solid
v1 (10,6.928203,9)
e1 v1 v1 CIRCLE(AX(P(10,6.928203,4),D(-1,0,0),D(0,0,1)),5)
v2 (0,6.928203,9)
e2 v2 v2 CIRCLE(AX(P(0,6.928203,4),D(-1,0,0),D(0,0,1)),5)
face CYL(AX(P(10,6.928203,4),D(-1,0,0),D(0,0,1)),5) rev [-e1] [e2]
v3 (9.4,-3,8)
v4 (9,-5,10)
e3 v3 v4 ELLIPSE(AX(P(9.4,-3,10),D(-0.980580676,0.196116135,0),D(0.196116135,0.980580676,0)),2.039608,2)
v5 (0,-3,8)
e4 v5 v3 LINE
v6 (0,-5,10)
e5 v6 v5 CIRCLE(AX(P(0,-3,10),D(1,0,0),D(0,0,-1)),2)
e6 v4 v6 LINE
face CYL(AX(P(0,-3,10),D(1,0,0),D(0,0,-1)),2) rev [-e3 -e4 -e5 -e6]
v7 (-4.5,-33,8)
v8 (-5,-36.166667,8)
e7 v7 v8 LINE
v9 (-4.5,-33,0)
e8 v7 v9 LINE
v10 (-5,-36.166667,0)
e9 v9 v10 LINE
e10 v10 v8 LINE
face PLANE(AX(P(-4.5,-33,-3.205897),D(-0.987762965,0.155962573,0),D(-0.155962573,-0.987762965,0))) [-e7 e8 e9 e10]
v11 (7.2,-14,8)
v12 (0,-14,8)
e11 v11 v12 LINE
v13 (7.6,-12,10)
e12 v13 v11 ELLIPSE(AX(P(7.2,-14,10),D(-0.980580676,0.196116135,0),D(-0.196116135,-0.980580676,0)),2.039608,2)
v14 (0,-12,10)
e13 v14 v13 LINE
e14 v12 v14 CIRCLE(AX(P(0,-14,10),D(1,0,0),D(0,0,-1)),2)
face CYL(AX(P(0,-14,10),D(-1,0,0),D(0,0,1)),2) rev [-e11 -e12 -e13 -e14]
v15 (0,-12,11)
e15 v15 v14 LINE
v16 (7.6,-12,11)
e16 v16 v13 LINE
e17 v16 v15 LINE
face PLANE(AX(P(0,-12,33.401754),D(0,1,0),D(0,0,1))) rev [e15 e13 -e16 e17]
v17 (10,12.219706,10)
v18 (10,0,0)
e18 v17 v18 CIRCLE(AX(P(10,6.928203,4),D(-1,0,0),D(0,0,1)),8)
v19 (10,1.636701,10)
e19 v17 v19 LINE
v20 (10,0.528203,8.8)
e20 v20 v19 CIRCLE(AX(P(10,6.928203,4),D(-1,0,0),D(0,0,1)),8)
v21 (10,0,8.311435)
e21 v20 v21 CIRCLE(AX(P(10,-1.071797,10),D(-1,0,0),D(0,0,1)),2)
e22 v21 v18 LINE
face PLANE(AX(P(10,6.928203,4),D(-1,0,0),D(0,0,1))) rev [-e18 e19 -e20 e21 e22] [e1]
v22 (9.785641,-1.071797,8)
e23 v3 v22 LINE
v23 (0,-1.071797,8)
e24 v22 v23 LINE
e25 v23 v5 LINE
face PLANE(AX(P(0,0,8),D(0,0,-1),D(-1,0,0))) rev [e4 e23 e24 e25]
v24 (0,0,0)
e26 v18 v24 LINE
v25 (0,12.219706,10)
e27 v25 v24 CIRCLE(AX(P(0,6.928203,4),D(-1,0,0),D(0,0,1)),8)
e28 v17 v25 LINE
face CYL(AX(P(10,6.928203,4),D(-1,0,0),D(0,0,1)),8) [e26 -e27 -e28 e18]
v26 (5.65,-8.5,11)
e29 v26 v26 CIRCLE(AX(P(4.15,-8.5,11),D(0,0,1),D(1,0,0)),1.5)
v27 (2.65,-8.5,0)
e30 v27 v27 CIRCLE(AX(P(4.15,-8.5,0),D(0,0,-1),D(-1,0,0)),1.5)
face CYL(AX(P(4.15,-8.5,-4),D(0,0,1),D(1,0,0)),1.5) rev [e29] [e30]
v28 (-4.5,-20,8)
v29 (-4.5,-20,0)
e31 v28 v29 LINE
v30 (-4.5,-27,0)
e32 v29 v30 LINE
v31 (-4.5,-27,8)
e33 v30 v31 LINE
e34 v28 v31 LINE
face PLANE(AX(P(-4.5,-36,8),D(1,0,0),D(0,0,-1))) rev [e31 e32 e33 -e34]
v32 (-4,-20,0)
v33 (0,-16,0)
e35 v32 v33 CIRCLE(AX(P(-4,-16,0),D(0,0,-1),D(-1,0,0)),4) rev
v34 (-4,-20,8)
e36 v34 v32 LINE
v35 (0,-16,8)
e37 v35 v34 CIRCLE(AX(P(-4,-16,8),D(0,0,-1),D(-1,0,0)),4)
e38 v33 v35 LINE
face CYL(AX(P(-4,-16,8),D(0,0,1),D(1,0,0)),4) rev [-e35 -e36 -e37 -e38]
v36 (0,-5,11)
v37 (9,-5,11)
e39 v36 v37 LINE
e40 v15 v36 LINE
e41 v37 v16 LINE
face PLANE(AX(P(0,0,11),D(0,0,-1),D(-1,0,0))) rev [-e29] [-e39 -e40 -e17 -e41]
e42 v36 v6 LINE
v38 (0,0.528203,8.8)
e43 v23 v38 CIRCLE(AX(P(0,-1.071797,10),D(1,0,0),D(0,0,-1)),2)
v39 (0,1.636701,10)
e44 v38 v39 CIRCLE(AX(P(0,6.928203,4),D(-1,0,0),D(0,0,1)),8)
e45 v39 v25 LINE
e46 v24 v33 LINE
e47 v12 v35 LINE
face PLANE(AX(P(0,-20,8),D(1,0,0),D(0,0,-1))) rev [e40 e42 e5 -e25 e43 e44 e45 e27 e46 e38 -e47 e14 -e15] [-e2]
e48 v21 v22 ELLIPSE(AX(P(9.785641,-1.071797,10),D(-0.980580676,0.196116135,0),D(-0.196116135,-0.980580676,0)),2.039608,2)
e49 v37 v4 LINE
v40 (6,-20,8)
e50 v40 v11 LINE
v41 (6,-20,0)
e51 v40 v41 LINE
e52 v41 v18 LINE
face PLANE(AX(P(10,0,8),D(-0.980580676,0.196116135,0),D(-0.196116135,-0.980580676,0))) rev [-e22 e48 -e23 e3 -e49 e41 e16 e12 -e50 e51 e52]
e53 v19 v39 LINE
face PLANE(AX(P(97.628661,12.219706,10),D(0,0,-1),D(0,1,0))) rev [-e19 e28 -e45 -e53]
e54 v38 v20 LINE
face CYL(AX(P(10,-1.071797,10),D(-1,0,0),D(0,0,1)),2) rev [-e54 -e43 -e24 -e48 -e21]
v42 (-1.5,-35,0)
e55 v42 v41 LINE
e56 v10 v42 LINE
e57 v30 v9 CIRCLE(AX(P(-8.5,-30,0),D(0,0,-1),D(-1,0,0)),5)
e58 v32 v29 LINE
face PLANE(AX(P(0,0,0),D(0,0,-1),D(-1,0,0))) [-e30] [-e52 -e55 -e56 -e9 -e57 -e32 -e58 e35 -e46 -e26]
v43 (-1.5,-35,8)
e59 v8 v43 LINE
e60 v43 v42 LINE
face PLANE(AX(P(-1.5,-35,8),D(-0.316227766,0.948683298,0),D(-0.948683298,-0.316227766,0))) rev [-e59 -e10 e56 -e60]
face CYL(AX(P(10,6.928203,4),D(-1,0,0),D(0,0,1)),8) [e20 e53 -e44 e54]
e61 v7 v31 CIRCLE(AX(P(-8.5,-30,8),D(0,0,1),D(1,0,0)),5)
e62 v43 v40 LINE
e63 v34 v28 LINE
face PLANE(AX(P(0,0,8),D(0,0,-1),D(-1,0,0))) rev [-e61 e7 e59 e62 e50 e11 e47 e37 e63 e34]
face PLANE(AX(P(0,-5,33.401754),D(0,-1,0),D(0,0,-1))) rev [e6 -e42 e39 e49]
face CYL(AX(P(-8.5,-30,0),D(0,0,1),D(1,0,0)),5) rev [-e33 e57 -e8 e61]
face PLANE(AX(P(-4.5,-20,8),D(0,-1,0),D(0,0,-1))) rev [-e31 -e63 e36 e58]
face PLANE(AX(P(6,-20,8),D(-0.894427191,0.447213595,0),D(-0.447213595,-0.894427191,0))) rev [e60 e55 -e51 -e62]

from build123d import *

# Parameters (mm, degrees)
BOSS_EXTRU_1_DEPTH           = 8
CONG_1_R                     = 4
ESQUISSE2_R                  = 5
ENL_V_MAT_EXTRU_1_DEPTH      = 9
BOSS_EXTRU_2_DEPTH           = 8
ESQUISSE4_R                  = 5
BOSS_EXTRU_3_DEPTH           = 10
ENL_V_MAT_EXTRU_2_DEPTH      = 1
ENL_V_MAT_EXTRU_2_DEPTH_BACK = 16
BOSS_EXTRU_4_DEPTH           = 3
CONG_2_R                     = 2
ESQUISSE7_R                  = 1.5
ENL_V_MAT_EXTRU_3_DEPTH      = 16


with BuildPart() as part:
    # Esquisse1 → Boss.-Extru.1 (new body)
    with BuildSketch(Plane.XY):
        Polygon((0, 0), (10, 0), (6, -20), (-1.5, -35), (-4.5, -36), (-4.5, -20), (0, -20), align=None)
    extrude(amount=BOSS_EXTRU_1_DEPTH)

    # Congé1
    cong_1_edges = [part.edges().sort_by_distance(p)[0] for p in [
        (0, -20, 4),
    ]]
    fillet(cong_1_edges, radius=CONG_1_R)

    # Esquisse2 → Enlèv. mat.-Extru.1 (cut, through all)
    with BuildSketch(Plane.XY.offset(8)):
        with Locations((-8.5, -30)):
            Circle(ESQUISSE2_R)
    extrude(amount=-ENL_V_MAT_EXTRU_1_DEPTH, mode=Mode.SUBTRACT)

    # Esquisse3 → Boss.-Extru.2 (add)
    with BuildSketch(Plane.XY.offset(8)):
        Polygon((-4.5, -33), (-5, -36.166666667), (-4.5, -36), align=None)
    extrude(amount=-BOSS_EXTRU_2_DEPTH)

    # Esquisse4 → Boss.-Extru.3 (add)
    with BuildSketch(Plane.ZY):
        with BuildLine():
            Line((8, 0), (0, 0))
            ThreePointArc((0, 0), (4, 14.92820323), (8, 0))
        make_face()
        with Locations((4, 6.92820323)):
            Circle(ESQUISSE4_R, mode=Mode.SUBTRACT)
    extrude(amount=-BOSS_EXTRU_3_DEPTH)

    # Esquisse5 → Enlèv. mat.-Extru.2 (cut, two sides)
    with BuildSketch(Plane(origin=(10, 0, 0), x_dir=(0, 0, -1), z_dir=(1, 0, 0))) as enl_v_mat_extru_2_sk:
        Polygon((-10, 122.961773442), (-10, 12.219705852), (-10, 1.636700608), (-10, -109.105366981), (-231.484135179, -109.105366981), (-231.484135179, 122.961773442), align=None)
    extrude(amount=ENL_V_MAT_EXTRU_2_DEPTH, mode=Mode.SUBTRACT)
    extrude(enl_v_mat_extru_2_sk.sketch, amount=-ENL_V_MAT_EXTRU_2_DEPTH_BACK, mode=Mode.SUBTRACT)

    # Esquisse6 → Boss.-Extru.4 (add)
    with BuildSketch(Plane.XY.offset(8)):
        Polygon((0, -5), (0, -12), (7.6, -12), (9, -5), align=None)
    extrude(amount=BOSS_EXTRU_4_DEPTH)

    # Congé2
    cong_2_edges = [part.edges().sort_by_distance(p)[0] for p in [
        (5, 0, 8),
        (4.5, -5, 8),
        (3.8, -12, 8),
    ]]
    fillet(cong_2_edges, radius=CONG_2_R)

    # Esquisse7 → Enlèv. mat.-Extru.3 (cut, through all)
    with BuildSketch(Plane.XY.offset(11)):
        with Locations((4.15, -8.5)):
            Circle(ESQUISSE7_R)
    extrude(amount=-ENL_V_MAT_EXTRU_3_DEPTH, mode=Mode.SUBTRACT)


solid = part.part
